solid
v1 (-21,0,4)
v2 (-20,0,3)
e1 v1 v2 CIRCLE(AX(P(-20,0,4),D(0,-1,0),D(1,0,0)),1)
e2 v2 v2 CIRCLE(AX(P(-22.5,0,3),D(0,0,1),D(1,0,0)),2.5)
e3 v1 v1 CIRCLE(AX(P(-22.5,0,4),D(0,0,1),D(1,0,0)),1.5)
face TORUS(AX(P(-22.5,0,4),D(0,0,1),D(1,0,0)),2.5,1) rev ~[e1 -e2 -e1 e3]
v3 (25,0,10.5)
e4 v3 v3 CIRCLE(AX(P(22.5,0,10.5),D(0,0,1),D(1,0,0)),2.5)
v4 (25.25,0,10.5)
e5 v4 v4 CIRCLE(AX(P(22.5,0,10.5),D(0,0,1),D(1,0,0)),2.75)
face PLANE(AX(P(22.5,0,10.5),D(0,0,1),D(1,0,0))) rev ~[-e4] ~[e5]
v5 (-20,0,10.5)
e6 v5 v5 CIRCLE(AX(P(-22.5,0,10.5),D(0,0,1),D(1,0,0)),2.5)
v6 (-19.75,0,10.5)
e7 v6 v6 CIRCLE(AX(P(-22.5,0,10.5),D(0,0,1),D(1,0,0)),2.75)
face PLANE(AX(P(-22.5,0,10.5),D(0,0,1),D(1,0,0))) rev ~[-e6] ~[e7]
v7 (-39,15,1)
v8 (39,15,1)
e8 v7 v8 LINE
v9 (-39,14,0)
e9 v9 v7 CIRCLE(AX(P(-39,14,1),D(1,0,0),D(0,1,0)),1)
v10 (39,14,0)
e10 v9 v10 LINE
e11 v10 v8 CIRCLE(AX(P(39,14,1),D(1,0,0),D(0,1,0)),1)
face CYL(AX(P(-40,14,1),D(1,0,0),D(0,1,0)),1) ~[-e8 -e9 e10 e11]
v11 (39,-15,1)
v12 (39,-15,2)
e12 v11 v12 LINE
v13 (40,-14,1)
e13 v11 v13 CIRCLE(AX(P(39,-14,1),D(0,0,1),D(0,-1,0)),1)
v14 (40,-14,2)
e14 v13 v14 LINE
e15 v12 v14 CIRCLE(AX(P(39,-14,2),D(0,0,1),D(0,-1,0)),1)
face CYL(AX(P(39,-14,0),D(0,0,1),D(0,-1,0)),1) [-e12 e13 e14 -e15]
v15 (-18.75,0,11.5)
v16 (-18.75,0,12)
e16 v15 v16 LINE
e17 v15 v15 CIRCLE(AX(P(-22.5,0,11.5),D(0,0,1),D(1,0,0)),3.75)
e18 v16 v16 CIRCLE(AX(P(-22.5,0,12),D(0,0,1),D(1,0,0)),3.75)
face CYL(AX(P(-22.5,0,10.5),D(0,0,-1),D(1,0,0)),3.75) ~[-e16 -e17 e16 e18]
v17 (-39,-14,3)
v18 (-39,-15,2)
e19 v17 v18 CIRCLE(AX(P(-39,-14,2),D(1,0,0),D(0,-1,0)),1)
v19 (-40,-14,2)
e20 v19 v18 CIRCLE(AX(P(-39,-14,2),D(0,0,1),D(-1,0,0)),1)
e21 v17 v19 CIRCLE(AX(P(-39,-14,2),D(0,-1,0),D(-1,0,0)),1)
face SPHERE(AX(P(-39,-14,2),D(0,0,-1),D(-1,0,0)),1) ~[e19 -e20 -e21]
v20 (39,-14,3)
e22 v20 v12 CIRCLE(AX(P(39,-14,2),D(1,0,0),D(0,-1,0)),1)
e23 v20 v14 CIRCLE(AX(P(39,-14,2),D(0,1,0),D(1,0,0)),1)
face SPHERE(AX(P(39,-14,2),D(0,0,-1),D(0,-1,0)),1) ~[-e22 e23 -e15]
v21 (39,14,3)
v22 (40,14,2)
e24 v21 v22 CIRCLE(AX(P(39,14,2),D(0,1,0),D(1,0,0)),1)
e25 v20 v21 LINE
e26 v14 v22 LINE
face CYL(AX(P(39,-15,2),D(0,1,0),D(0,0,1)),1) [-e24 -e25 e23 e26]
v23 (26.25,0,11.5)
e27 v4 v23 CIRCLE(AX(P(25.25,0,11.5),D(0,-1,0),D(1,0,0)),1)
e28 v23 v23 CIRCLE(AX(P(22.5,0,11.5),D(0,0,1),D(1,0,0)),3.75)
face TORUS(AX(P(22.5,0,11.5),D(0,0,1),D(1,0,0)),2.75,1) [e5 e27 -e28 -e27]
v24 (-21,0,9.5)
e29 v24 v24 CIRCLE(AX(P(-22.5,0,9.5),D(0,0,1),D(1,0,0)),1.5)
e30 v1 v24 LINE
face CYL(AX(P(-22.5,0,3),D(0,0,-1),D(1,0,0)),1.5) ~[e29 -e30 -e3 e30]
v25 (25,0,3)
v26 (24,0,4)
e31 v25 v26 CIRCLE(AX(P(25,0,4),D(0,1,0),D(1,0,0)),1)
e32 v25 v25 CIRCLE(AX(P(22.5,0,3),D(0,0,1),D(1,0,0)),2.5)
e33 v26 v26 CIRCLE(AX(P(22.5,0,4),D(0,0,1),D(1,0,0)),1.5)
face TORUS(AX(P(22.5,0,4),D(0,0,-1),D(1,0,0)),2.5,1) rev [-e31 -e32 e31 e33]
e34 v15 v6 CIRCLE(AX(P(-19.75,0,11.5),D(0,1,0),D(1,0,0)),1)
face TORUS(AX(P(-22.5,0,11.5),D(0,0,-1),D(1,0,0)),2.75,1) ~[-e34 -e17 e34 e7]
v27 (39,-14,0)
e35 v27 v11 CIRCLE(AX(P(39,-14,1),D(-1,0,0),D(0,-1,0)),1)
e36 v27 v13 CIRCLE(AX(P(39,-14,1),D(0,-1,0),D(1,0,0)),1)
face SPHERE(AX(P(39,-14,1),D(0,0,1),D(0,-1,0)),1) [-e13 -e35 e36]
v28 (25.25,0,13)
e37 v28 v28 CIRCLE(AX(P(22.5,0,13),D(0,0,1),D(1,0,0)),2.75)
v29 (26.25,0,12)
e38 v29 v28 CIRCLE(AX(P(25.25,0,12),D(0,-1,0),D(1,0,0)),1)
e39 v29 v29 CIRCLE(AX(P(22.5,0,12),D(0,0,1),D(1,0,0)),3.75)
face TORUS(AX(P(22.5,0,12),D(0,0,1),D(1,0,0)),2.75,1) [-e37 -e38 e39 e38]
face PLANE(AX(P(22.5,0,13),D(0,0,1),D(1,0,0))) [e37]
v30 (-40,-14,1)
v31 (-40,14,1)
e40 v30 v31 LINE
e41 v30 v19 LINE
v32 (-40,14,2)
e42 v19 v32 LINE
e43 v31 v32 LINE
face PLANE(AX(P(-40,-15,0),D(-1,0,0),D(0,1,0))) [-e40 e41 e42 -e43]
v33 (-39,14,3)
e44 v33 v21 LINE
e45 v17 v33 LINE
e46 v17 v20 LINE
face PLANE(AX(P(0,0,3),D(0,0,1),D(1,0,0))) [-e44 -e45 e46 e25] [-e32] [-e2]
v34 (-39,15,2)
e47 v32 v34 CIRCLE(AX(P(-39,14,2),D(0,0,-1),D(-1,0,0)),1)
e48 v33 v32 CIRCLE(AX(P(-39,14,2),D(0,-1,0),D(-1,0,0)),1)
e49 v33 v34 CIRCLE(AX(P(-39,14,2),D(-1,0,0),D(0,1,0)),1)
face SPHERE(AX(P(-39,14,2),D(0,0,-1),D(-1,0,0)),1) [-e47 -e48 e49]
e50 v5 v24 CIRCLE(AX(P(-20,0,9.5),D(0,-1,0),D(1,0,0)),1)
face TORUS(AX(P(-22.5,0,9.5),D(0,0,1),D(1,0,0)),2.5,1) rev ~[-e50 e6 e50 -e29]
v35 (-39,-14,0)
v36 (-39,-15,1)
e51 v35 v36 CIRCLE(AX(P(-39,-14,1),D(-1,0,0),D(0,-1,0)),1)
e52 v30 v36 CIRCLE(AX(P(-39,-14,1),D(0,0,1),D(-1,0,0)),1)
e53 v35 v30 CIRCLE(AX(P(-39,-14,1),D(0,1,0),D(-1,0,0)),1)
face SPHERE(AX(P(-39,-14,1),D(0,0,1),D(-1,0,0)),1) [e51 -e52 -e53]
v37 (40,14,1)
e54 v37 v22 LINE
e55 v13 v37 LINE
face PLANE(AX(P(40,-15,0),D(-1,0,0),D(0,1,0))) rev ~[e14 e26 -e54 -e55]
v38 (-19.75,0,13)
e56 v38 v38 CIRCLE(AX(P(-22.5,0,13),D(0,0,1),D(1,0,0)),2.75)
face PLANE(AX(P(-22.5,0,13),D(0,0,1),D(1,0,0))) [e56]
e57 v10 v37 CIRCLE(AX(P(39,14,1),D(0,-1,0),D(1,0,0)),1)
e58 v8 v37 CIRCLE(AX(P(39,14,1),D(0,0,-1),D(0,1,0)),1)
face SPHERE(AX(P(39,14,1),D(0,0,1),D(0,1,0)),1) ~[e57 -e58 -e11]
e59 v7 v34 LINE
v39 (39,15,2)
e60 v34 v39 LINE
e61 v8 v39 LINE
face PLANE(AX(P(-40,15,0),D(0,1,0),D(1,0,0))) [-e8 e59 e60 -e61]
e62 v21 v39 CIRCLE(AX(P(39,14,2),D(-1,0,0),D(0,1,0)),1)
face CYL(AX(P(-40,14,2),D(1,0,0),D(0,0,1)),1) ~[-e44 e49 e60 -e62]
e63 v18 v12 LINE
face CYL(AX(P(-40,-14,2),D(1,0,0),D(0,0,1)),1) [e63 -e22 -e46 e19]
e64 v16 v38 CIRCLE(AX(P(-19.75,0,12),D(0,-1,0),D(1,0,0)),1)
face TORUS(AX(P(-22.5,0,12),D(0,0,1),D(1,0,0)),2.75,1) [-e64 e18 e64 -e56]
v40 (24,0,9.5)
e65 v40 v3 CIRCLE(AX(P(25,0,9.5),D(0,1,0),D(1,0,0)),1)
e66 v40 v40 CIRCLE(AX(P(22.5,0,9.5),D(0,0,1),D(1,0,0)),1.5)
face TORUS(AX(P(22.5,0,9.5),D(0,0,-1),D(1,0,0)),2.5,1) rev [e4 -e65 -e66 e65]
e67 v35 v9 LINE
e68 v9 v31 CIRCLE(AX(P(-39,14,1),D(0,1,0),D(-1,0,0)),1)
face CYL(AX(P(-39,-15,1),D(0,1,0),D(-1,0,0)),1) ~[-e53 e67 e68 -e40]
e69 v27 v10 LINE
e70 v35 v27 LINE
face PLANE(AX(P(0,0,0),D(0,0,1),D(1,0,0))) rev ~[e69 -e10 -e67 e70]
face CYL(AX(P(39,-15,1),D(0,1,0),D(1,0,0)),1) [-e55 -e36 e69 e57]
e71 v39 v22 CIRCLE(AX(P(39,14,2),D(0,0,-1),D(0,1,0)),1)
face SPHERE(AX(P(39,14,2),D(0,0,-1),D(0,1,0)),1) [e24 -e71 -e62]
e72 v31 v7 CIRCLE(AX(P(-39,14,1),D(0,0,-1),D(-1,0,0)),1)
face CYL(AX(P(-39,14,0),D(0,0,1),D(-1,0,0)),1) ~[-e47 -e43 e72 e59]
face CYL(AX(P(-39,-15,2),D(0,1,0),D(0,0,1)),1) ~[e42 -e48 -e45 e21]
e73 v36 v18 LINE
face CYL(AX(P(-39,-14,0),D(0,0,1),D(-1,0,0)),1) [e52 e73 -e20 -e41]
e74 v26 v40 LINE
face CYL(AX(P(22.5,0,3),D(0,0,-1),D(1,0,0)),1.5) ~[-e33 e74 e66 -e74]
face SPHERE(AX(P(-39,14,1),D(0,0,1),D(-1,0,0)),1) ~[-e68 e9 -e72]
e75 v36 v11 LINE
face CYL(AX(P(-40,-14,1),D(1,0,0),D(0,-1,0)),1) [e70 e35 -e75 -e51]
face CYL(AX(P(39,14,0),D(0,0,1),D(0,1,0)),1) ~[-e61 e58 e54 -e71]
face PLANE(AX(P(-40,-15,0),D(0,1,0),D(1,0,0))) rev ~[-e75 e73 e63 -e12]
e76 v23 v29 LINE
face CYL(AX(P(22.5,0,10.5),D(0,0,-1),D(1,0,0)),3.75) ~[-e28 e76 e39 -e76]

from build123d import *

# Parameters (mm, degrees)
SKETCH_W     = 80
SKETCH_H     = 30
PAD_DEPTH    = 3
SKETCH001_R  = 1.5
PAD001_DEPTH = 7.5
SKETCH002_R  = 3.75
PAD002_DEPTH = 2.5
FILLET_R     = 1


with BuildPart() as part:
    # Sketch → Pad (new body)
    with BuildSketch(Plane.XY):
        Rectangle(SKETCH_W, SKETCH_H)
    extrude(amount=PAD_DEPTH)

    # Sketch001 → Pad001 (join)
    with BuildSketch(Plane.XY.offset(3)):
        with Locations((-22.5, 0)):
            Circle(SKETCH001_R)
        with Locations((22.5, 0)):
            Circle(SKETCH001_R)
    extrude(amount=PAD001_DEPTH)

    # Sketch002 (on Face9 of Pad001) → Pad002 (join)
    with BuildSketch(Plane.XY.offset(10.5)):
        with Locations((-22.5, 0)):
            Circle(SKETCH002_R)
        with Locations((22.5, 0)):
            Circle(SKETCH002_R)
    extrude(amount=PAD002_DEPTH)

    # Fillet
    fillet_edges = [part.edges().sort_by_distance(p)[0] for p in [
        (-40, 15, 1.5),
        (-40, -15, 1.5),
        (-40, 0, 0),
        (-40, 0, 3),
        (40, 15, 1.5),
        (0, 15, 0),
        (0, 15, 3),
        (40, -15, 1.5),
        (0, -15, 0),
        (0, -15, 3),
        (40, 0, 0),
        (40, 0, 3),
        (-24, 0, 3),
        (21, 0, 3),
        (-21, 0, 6.75),
        (-24, 0, 10.5),
        (24, 0, 6.75),
        (21, 0, 10.5),
        (-26.25, 0, 10.5),
        (18.75, 0, 10.5),
        (-18.75, 0, 11.75),
        (-26.25, 0, 13),
        (26.25, 0, 11.75),
        (18.75, 0, 13),
    ]]
    fillet(fillet_edges, radius=FILLET_R)


solid = part.part
